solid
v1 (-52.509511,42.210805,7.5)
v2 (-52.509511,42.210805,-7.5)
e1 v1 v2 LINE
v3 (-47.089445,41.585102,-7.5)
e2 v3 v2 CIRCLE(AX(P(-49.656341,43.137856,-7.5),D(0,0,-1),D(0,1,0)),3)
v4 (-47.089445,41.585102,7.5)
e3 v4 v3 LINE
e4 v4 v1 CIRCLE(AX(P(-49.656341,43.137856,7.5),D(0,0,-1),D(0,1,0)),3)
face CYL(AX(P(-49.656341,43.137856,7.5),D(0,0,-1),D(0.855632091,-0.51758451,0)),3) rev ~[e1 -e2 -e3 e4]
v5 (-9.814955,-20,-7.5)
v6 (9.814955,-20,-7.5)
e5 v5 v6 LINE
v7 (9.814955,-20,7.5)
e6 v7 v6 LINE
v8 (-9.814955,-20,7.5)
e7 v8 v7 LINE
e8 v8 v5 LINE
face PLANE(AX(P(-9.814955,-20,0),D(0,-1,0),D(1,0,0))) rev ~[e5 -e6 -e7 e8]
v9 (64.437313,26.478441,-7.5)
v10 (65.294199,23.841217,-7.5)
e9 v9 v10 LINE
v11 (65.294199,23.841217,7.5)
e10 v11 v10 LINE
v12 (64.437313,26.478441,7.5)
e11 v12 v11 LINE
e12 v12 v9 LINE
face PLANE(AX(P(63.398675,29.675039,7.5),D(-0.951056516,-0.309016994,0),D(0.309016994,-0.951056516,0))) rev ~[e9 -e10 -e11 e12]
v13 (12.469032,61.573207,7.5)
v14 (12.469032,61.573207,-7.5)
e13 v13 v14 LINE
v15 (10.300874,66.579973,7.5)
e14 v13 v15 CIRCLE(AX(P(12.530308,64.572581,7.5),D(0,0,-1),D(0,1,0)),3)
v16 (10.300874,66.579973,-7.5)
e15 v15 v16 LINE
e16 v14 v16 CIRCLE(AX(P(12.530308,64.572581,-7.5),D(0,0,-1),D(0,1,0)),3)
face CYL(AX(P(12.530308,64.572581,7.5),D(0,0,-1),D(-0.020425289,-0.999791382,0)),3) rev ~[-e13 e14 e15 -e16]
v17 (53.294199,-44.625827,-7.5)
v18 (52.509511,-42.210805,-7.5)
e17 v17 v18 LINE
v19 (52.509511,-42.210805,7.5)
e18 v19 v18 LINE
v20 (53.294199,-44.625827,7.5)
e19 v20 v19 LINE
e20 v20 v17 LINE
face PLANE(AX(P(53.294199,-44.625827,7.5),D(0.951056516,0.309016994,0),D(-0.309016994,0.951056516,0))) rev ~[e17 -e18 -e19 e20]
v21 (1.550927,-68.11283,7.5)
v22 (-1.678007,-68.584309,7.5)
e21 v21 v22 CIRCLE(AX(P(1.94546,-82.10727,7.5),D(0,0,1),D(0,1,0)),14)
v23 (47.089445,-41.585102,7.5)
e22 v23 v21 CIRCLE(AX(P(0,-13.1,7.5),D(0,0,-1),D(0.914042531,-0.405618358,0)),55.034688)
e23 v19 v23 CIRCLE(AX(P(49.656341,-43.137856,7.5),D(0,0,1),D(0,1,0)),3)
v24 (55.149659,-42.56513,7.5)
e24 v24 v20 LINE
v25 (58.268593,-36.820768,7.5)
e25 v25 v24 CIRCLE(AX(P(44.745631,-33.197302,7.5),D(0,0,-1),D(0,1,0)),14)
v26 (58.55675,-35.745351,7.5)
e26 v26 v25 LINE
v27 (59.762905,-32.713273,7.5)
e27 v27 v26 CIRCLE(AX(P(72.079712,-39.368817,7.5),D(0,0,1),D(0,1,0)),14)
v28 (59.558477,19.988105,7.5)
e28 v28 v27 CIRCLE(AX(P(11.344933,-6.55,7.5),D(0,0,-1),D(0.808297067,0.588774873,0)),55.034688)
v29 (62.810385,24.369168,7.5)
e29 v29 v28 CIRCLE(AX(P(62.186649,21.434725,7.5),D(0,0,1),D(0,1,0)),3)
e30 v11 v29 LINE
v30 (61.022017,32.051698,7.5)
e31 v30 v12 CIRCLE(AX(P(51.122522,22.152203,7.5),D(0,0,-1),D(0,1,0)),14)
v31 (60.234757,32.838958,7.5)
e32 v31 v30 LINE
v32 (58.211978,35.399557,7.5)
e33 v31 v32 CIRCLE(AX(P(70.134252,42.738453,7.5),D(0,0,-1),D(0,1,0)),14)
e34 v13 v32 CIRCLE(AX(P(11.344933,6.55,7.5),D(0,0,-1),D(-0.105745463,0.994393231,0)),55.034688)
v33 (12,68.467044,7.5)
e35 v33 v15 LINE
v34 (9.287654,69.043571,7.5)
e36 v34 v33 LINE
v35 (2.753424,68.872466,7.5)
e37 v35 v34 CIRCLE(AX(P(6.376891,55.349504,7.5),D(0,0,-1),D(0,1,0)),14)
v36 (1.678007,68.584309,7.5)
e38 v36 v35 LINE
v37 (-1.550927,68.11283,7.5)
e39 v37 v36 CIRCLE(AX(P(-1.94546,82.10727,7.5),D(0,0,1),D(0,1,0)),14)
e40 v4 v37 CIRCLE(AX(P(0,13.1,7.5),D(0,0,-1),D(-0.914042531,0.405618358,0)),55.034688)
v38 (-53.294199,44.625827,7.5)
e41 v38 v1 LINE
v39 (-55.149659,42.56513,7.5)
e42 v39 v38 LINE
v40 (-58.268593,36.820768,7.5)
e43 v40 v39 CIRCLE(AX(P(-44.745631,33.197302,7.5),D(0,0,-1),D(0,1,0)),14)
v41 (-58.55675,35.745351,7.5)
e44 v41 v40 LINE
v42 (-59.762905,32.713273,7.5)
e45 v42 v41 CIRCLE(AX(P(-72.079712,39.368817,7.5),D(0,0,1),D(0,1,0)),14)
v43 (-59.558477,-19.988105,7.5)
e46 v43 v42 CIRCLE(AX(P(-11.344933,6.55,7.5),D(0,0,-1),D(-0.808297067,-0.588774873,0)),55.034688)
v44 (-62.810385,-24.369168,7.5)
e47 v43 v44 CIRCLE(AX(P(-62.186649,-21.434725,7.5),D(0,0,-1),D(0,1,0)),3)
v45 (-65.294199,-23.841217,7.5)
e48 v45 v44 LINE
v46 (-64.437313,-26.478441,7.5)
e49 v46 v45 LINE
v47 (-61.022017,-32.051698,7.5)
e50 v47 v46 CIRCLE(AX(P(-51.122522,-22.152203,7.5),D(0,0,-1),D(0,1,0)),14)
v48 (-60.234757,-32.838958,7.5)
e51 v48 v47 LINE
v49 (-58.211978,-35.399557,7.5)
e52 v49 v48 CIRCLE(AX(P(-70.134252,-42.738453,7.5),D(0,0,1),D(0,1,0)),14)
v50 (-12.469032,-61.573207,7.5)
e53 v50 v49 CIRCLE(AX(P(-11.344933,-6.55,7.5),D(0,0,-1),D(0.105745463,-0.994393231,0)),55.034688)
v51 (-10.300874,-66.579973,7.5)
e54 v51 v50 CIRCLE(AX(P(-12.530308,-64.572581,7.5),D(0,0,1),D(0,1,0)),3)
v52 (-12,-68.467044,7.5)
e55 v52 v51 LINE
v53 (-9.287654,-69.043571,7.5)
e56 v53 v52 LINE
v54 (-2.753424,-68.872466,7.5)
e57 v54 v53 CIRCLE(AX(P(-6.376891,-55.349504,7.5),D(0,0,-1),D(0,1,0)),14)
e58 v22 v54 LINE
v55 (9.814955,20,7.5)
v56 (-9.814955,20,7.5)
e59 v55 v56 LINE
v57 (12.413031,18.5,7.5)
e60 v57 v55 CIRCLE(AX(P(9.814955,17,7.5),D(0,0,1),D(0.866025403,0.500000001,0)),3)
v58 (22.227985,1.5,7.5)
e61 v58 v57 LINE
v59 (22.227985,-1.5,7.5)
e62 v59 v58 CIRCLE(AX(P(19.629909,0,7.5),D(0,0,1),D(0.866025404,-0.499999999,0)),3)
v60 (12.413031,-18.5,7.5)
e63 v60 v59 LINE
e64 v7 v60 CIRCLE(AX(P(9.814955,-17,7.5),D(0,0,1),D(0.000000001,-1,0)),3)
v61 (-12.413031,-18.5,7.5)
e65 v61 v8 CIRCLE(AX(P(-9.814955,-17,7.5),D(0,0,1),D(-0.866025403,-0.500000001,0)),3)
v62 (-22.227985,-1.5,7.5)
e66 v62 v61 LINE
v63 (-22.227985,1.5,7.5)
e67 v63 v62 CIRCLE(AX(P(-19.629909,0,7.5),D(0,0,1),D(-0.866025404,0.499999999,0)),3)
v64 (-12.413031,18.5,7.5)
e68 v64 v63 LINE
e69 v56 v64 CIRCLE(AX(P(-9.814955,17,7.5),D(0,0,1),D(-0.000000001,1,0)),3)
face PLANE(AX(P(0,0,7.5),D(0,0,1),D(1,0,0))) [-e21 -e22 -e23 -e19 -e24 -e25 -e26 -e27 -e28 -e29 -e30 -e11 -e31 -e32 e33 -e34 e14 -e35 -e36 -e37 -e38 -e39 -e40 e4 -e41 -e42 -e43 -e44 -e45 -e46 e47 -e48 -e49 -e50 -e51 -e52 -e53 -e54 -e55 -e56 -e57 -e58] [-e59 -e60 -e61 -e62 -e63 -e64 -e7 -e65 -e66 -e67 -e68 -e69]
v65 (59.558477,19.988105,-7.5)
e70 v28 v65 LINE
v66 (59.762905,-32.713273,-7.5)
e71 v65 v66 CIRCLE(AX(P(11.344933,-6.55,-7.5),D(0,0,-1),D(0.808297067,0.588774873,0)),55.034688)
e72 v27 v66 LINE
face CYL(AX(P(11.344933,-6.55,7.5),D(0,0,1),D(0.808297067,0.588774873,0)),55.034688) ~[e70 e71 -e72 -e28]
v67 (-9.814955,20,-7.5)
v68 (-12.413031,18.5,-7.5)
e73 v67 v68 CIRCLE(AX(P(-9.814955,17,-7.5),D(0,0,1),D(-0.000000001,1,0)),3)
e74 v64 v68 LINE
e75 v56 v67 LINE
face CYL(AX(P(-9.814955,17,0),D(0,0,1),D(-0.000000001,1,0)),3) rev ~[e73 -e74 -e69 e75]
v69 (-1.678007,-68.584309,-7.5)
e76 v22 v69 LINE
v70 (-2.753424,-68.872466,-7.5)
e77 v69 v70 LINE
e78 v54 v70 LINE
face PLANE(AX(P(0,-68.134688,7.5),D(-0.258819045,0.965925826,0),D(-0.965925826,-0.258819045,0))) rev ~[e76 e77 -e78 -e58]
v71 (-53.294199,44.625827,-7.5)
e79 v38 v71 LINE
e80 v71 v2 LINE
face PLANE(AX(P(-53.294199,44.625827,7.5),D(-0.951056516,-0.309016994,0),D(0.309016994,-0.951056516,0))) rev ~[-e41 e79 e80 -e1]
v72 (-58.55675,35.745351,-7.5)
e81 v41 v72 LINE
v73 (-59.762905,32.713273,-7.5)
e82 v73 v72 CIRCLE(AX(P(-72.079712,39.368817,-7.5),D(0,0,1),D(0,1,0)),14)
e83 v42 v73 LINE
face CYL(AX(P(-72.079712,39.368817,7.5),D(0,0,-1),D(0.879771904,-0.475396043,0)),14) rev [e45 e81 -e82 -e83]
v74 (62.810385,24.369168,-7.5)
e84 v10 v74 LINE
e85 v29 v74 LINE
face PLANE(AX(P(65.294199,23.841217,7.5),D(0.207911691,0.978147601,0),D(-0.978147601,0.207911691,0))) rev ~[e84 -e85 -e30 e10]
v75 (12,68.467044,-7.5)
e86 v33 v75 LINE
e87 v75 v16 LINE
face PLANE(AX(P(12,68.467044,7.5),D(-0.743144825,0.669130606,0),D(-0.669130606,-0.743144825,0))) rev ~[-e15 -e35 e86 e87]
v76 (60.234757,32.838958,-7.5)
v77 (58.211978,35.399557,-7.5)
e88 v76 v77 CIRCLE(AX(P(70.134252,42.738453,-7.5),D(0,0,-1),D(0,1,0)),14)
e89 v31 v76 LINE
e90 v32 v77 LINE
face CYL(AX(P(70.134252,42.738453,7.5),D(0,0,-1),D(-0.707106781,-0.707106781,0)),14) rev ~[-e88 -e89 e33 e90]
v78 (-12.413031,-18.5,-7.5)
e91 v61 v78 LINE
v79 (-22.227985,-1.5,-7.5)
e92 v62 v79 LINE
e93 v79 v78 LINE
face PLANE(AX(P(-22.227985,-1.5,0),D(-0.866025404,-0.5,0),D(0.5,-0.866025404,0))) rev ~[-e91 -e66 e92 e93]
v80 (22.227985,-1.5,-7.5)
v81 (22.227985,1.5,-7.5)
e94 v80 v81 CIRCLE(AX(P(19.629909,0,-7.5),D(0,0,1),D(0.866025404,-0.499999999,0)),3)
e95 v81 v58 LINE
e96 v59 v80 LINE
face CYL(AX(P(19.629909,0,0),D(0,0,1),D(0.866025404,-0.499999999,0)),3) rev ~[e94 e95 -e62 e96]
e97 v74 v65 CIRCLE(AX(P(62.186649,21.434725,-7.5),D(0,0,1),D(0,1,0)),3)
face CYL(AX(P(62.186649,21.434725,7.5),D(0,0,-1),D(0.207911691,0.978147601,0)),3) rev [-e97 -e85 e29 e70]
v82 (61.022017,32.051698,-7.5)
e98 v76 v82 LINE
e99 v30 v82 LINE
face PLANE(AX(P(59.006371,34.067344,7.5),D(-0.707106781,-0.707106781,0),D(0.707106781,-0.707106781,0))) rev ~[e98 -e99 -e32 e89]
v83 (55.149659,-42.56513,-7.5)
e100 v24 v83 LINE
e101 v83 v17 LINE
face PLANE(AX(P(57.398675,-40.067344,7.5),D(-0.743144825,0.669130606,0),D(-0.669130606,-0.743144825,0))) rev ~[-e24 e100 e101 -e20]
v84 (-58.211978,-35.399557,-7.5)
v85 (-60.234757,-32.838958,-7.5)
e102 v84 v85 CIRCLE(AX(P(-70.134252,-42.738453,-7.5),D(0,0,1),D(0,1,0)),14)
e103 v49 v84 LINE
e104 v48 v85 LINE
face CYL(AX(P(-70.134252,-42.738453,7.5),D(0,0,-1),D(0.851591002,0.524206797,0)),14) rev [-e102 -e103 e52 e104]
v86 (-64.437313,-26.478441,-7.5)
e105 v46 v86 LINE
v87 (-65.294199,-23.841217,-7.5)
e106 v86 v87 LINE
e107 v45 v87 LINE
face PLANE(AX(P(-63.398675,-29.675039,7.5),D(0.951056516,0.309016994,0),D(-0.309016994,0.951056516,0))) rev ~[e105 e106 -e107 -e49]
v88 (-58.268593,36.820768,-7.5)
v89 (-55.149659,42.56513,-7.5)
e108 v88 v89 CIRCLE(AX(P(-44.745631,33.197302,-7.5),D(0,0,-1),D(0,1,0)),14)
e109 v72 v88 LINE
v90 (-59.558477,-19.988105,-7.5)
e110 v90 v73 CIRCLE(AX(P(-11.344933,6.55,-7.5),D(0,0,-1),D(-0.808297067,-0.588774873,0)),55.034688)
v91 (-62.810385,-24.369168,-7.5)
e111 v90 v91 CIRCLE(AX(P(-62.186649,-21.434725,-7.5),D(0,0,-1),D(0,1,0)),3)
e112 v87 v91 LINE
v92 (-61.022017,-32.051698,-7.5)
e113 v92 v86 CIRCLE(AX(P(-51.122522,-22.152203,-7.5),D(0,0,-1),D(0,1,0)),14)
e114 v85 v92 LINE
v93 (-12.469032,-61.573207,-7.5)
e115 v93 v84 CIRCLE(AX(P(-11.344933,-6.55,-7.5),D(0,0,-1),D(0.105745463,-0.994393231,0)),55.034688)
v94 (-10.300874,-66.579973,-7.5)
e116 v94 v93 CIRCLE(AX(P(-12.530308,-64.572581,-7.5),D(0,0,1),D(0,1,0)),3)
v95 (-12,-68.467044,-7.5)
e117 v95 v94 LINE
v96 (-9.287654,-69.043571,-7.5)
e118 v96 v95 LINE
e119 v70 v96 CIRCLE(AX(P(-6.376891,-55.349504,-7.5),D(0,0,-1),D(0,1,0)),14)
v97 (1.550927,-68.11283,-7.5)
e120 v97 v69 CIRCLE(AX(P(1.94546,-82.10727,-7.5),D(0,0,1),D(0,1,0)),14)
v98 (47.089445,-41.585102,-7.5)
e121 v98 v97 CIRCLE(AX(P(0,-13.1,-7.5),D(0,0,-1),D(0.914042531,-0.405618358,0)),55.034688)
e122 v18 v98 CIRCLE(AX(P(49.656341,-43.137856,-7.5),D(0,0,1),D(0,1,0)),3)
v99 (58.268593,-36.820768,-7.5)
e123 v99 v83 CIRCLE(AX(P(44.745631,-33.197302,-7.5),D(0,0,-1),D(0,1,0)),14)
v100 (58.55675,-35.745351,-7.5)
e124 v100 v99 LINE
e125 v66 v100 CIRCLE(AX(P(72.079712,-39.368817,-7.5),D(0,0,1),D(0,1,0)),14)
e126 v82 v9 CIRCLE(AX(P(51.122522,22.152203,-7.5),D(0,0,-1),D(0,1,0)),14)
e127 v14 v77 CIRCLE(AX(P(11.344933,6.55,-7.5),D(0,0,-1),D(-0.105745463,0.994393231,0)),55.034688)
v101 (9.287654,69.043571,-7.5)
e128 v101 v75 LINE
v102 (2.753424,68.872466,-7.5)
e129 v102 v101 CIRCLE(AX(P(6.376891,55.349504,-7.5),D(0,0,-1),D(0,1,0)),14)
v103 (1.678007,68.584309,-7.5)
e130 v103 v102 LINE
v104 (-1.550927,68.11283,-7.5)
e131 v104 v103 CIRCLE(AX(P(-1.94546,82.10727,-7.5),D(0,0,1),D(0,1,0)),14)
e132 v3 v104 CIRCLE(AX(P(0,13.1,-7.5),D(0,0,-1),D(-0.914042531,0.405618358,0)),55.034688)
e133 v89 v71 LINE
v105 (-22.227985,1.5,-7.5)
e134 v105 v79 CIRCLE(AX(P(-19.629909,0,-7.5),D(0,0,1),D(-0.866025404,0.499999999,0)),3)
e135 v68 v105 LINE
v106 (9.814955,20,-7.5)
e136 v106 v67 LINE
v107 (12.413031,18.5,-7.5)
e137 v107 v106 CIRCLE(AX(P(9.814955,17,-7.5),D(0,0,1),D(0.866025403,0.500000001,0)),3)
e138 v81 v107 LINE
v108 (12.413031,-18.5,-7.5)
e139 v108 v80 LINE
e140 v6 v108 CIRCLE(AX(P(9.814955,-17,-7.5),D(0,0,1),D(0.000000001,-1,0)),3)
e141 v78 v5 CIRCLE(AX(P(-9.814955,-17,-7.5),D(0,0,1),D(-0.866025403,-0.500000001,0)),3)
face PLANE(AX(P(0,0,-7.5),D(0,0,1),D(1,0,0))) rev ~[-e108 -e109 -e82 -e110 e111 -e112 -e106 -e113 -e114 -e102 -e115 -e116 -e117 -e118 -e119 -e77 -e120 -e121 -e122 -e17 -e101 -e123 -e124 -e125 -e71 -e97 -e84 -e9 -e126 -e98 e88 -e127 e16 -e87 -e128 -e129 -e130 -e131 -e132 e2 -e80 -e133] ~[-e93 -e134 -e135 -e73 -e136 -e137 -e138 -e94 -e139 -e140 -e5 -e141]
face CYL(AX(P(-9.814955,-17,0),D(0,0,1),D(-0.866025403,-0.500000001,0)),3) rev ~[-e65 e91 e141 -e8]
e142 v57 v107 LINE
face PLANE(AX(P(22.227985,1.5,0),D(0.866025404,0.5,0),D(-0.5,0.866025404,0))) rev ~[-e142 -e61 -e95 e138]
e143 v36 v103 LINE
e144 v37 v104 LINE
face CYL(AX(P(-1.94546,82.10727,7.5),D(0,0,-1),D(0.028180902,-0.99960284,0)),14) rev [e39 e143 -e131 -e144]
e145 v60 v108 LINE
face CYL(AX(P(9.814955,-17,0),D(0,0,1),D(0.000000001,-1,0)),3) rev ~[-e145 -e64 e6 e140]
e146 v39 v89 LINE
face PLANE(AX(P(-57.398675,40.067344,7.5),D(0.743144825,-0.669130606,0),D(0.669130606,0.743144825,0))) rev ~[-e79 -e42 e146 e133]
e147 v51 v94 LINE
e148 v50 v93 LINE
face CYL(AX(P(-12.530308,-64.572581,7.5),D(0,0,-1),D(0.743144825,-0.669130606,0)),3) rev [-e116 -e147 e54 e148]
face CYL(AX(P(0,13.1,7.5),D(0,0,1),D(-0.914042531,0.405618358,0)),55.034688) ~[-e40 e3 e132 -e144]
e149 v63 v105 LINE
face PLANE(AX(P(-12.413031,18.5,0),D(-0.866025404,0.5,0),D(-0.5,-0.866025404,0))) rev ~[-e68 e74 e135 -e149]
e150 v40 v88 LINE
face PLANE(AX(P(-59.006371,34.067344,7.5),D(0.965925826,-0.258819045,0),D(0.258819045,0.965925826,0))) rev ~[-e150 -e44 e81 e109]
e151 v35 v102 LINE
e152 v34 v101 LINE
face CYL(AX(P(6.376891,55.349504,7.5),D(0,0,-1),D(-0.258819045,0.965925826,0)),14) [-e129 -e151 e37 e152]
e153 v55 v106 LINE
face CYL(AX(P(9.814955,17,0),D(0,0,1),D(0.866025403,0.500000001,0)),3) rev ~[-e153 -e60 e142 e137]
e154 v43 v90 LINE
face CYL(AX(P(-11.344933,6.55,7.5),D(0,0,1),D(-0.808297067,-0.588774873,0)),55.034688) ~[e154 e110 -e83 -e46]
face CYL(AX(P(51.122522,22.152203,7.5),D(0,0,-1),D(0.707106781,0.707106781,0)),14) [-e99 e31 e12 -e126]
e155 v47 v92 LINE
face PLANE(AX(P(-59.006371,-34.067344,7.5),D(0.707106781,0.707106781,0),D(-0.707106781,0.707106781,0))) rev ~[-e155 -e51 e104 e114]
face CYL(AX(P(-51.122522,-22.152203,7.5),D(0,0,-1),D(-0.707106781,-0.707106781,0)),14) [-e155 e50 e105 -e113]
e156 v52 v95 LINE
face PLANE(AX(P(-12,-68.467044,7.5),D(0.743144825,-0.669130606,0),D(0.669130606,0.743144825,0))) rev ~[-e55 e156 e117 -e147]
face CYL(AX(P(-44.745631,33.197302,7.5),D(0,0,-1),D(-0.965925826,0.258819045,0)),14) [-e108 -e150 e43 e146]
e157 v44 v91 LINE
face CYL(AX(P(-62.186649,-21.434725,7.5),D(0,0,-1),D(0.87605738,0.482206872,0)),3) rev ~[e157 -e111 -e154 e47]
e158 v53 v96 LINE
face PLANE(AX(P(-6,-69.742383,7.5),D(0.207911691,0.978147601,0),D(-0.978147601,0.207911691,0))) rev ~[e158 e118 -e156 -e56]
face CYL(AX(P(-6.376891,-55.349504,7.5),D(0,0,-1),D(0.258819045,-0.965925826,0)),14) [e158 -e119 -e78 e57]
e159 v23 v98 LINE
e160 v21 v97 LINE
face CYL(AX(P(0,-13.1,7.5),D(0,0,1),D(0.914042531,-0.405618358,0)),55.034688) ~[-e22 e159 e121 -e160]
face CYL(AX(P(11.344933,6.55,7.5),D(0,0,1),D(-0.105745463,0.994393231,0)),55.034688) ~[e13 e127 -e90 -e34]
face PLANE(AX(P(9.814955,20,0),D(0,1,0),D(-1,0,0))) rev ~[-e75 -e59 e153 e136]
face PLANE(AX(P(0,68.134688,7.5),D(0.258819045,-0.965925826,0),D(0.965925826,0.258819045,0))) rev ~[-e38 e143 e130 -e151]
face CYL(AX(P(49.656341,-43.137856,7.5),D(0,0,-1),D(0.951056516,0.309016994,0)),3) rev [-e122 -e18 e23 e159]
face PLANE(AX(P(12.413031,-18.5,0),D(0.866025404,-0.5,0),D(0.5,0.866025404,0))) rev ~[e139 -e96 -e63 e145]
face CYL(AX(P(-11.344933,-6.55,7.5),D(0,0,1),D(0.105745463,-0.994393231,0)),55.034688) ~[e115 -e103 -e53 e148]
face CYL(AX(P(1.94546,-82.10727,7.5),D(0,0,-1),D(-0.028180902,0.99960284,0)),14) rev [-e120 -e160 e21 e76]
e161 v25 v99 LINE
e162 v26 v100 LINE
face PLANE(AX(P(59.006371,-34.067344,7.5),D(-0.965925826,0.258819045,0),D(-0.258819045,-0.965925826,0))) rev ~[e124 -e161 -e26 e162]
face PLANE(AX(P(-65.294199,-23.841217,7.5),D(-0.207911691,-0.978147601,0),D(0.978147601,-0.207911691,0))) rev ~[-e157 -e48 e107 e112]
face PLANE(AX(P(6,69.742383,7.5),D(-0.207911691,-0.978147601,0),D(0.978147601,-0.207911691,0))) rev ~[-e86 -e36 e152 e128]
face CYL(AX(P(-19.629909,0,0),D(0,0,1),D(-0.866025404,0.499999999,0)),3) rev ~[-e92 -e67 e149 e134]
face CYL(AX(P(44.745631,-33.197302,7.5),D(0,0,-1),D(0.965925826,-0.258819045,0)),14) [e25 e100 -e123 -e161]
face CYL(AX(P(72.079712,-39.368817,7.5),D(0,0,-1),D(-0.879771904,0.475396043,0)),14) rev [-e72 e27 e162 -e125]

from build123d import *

# Parameters (mm, degrees)
SKETCH1_R           = 70
BOSS_EXTRUDE1_DEPTH = 7.5
CUT_EXTRUDE1_DEPTH  = 15
FILLET1_R           = 14
FILLET2_R           = 3


with BuildPart() as part:
    # Sketch1 → Boss-Extrude1 (new body, symmetric)
    with BuildSketch(Plane.XY):
        Circle(SKETCH1_R)
        with BuildLine():
            Line((22.227985364, 1.5), (12.413030788, 18.5))
            ThreePointArc((12.413030788, 18.5), (11.314954576, 19.598076211), (9.814954576, 20))
            Line((9.814954576, 20), (-9.814954576, 20))
            ThreePointArc((-9.814954576, 20), (-11.314954576, 19.598076211), (-12.413030788, 18.5))
            Line((-12.413030788, 18.5), (-22.227985364, 1.5))
            ThreePointArc((-22.227985364, 1.5), (-22.629909152, 0), (-22.227985364, -1.5))
            Line((-22.227985364, -1.5), (-12.413030788, -18.5))
            ThreePointArc((-12.413030788, -18.5), (-11.314954576, -19.598076211), (-9.814954576, -20))
            Line((-9.814954576, -20), (9.814954576, -20))
            ThreePointArc((9.814954576, -20), (11.314954576, -19.598076211), (12.413030788, -18.5))
            Line((12.413030788, -18.5), (22.227985364, -1.5))
            ThreePointArc((22.227985364, -1.5), (22.629909152, 0), (22.227985364, 1.5))
        make_face(mode=Mode.SUBTRACT)
    extrude(amount=BOSS_EXTRUDE1_DEPTH, both=True)

    # Sketch2 → Cut-Extrude1 (cut)
    with BuildSketch(Plane.XY.offset(7.5)):
        with BuildLine():
            ThreePointArc((63.398675482, 29.675039126), (40.067343971, 57.398675482), (6, 69.742383097))
            Line((6, 69.742383097), (12, 68.467043727))
            Line((12, 68.467043727), (5.525264217, 61.276121136))
            ThreePointArc((5.525264217, 61.276121136), (36.300148732, 55.601545074), (59.006370637, 34.067343971))
            Line((59.006370637, 34.067343971), (63.398675482, 29.675039126))
        make_face()
        with BuildLine():
            ThreePointArc((-50.304045441, 35.423079743), (-30.002276158, 59.2376235), (0, 68.134687942))
            Line((0, 68.134687942), (6, 69.742383097))
            ThreePointArc((6, 69.742383097), (-29.675039126, 63.398675482), (-57.398675482, 40.067343971))
            Line((-57.398675482, 40.067343971), (-53.294199189, 44.625826709))
            Line((-53.294199189, 44.625826709), (-50.304045441, 35.423079743))
        make_face()
        with BuildLine():
            Line((-59.006370637, 34.067343971), (-57.398675482, 40.067343971))
            ThreePointArc((-57.398675482, 40.067343971), (-69.742383097, 6), (-63.398675482, -29.675039126))
            Line((-63.398675482, -29.675039126), (-65.294199189, -23.841217018))
            Line((-65.294199189, -23.841217018), (-55.829309658, -25.853041393))
            ThreePointArc((-55.829309658, -25.853041393), (-66.30242489, 3.636078426), (-59.006370637, 34.067343971))
        make_face()
        with BuildLine():
            Line((-59.006370637, -34.067343971), (-63.398675482, -29.675039126))
            ThreePointArc((-63.398675482, -29.675039126), (-40.067343971, -57.398675482), (-6, -69.742383097))
            Line((-6, -69.742383097), (-12, -68.467043727))
            Line((-12, -68.467043727), (-5.525264217, -61.276121136))
            ThreePointArc((-5.525264217, -61.276121136), (-36.300148732, -55.601545074), (-59.006370637, -34.067343971))
        make_face()
        with BuildLine():
            ThreePointArc((-6, -69.742383097), (29.675039126, -63.398675482), (57.398675482, -40.067343971))
            Line((57.398675482, -40.067343971), (53.294199189, -44.625826709))
            Line((53.294199189, -44.625826709), (50.304045441, -35.423079743))
            ThreePointArc((50.304045441, -35.423079743), (30.002276158, -59.2376235), (0, -68.134687942))
            Line((0, -68.134687942), (-6, -69.742383097))
        make_face()
        with BuildLine():
            ThreePointArc((70, 0), (68.329742001, 15.200209147), (63.398675482, 29.675039126))
            Line((63.398675482, 29.675039126), (65.294199189, 23.841217018))
            Line((65.294199189, 23.841217018), (55.829309658, 25.853041393))
            ThreePointArc((55.829309658, 25.853041393), (66.30242489, -3.636078426), (59.006370637, -34.067343971))
            Line((59.006370637, -34.067343971), (57.398675482, -40.067343971))
            ThreePointArc((57.398675482, -40.067343971), (66.77539698, -21.001103736), (70, 0))
        make_face()
    extrude(amount=-CUT_EXTRUDE1_DEPTH, mode=Mode.SUBTRACT)

    # Fillet1
    fillet1_edges = [part.edges().sort_by_distance(p)[0] for p in [
        (-59.006370637, -34.067343971, 0),
        (-6, -69.742383097, 0),
        (59.006370637, -34.067343971, 0),
        (59.006370637, 34.067343971, 0),
        (6, 69.742383097, 0),
        (63.398675482, 29.675039126, 0),
        (-59.006370637, 34.067343971, 0),
        (-63.398675482, -29.675039126, 0),
        (0, -68.134687942, 0),
        (57.398675482, -40.067343971, 0),
        (0, 68.134687942, 0),
        (-57.398675482, 40.067343971, 0),
    ]]
    fillet(fillet1_edges, radius=FILLET1_R)

    # Fillet2
    fillet2_edges = [part.edges().sort_by_distance(p)[0] for p in [
        (-5.525264217, -61.276121136, 0),
        (55.829309658, 25.853041393, 0),
        (5.525264217, 61.276121136, 0),
        (-55.829309658, -25.853041393, 0),
        (50.304045441, -35.423079743, 0),
        (-50.304045441, 35.423079743, 0),
    ]]
    fillet(fillet2_edges, radius=FILLET2_R)


solid = part.part
